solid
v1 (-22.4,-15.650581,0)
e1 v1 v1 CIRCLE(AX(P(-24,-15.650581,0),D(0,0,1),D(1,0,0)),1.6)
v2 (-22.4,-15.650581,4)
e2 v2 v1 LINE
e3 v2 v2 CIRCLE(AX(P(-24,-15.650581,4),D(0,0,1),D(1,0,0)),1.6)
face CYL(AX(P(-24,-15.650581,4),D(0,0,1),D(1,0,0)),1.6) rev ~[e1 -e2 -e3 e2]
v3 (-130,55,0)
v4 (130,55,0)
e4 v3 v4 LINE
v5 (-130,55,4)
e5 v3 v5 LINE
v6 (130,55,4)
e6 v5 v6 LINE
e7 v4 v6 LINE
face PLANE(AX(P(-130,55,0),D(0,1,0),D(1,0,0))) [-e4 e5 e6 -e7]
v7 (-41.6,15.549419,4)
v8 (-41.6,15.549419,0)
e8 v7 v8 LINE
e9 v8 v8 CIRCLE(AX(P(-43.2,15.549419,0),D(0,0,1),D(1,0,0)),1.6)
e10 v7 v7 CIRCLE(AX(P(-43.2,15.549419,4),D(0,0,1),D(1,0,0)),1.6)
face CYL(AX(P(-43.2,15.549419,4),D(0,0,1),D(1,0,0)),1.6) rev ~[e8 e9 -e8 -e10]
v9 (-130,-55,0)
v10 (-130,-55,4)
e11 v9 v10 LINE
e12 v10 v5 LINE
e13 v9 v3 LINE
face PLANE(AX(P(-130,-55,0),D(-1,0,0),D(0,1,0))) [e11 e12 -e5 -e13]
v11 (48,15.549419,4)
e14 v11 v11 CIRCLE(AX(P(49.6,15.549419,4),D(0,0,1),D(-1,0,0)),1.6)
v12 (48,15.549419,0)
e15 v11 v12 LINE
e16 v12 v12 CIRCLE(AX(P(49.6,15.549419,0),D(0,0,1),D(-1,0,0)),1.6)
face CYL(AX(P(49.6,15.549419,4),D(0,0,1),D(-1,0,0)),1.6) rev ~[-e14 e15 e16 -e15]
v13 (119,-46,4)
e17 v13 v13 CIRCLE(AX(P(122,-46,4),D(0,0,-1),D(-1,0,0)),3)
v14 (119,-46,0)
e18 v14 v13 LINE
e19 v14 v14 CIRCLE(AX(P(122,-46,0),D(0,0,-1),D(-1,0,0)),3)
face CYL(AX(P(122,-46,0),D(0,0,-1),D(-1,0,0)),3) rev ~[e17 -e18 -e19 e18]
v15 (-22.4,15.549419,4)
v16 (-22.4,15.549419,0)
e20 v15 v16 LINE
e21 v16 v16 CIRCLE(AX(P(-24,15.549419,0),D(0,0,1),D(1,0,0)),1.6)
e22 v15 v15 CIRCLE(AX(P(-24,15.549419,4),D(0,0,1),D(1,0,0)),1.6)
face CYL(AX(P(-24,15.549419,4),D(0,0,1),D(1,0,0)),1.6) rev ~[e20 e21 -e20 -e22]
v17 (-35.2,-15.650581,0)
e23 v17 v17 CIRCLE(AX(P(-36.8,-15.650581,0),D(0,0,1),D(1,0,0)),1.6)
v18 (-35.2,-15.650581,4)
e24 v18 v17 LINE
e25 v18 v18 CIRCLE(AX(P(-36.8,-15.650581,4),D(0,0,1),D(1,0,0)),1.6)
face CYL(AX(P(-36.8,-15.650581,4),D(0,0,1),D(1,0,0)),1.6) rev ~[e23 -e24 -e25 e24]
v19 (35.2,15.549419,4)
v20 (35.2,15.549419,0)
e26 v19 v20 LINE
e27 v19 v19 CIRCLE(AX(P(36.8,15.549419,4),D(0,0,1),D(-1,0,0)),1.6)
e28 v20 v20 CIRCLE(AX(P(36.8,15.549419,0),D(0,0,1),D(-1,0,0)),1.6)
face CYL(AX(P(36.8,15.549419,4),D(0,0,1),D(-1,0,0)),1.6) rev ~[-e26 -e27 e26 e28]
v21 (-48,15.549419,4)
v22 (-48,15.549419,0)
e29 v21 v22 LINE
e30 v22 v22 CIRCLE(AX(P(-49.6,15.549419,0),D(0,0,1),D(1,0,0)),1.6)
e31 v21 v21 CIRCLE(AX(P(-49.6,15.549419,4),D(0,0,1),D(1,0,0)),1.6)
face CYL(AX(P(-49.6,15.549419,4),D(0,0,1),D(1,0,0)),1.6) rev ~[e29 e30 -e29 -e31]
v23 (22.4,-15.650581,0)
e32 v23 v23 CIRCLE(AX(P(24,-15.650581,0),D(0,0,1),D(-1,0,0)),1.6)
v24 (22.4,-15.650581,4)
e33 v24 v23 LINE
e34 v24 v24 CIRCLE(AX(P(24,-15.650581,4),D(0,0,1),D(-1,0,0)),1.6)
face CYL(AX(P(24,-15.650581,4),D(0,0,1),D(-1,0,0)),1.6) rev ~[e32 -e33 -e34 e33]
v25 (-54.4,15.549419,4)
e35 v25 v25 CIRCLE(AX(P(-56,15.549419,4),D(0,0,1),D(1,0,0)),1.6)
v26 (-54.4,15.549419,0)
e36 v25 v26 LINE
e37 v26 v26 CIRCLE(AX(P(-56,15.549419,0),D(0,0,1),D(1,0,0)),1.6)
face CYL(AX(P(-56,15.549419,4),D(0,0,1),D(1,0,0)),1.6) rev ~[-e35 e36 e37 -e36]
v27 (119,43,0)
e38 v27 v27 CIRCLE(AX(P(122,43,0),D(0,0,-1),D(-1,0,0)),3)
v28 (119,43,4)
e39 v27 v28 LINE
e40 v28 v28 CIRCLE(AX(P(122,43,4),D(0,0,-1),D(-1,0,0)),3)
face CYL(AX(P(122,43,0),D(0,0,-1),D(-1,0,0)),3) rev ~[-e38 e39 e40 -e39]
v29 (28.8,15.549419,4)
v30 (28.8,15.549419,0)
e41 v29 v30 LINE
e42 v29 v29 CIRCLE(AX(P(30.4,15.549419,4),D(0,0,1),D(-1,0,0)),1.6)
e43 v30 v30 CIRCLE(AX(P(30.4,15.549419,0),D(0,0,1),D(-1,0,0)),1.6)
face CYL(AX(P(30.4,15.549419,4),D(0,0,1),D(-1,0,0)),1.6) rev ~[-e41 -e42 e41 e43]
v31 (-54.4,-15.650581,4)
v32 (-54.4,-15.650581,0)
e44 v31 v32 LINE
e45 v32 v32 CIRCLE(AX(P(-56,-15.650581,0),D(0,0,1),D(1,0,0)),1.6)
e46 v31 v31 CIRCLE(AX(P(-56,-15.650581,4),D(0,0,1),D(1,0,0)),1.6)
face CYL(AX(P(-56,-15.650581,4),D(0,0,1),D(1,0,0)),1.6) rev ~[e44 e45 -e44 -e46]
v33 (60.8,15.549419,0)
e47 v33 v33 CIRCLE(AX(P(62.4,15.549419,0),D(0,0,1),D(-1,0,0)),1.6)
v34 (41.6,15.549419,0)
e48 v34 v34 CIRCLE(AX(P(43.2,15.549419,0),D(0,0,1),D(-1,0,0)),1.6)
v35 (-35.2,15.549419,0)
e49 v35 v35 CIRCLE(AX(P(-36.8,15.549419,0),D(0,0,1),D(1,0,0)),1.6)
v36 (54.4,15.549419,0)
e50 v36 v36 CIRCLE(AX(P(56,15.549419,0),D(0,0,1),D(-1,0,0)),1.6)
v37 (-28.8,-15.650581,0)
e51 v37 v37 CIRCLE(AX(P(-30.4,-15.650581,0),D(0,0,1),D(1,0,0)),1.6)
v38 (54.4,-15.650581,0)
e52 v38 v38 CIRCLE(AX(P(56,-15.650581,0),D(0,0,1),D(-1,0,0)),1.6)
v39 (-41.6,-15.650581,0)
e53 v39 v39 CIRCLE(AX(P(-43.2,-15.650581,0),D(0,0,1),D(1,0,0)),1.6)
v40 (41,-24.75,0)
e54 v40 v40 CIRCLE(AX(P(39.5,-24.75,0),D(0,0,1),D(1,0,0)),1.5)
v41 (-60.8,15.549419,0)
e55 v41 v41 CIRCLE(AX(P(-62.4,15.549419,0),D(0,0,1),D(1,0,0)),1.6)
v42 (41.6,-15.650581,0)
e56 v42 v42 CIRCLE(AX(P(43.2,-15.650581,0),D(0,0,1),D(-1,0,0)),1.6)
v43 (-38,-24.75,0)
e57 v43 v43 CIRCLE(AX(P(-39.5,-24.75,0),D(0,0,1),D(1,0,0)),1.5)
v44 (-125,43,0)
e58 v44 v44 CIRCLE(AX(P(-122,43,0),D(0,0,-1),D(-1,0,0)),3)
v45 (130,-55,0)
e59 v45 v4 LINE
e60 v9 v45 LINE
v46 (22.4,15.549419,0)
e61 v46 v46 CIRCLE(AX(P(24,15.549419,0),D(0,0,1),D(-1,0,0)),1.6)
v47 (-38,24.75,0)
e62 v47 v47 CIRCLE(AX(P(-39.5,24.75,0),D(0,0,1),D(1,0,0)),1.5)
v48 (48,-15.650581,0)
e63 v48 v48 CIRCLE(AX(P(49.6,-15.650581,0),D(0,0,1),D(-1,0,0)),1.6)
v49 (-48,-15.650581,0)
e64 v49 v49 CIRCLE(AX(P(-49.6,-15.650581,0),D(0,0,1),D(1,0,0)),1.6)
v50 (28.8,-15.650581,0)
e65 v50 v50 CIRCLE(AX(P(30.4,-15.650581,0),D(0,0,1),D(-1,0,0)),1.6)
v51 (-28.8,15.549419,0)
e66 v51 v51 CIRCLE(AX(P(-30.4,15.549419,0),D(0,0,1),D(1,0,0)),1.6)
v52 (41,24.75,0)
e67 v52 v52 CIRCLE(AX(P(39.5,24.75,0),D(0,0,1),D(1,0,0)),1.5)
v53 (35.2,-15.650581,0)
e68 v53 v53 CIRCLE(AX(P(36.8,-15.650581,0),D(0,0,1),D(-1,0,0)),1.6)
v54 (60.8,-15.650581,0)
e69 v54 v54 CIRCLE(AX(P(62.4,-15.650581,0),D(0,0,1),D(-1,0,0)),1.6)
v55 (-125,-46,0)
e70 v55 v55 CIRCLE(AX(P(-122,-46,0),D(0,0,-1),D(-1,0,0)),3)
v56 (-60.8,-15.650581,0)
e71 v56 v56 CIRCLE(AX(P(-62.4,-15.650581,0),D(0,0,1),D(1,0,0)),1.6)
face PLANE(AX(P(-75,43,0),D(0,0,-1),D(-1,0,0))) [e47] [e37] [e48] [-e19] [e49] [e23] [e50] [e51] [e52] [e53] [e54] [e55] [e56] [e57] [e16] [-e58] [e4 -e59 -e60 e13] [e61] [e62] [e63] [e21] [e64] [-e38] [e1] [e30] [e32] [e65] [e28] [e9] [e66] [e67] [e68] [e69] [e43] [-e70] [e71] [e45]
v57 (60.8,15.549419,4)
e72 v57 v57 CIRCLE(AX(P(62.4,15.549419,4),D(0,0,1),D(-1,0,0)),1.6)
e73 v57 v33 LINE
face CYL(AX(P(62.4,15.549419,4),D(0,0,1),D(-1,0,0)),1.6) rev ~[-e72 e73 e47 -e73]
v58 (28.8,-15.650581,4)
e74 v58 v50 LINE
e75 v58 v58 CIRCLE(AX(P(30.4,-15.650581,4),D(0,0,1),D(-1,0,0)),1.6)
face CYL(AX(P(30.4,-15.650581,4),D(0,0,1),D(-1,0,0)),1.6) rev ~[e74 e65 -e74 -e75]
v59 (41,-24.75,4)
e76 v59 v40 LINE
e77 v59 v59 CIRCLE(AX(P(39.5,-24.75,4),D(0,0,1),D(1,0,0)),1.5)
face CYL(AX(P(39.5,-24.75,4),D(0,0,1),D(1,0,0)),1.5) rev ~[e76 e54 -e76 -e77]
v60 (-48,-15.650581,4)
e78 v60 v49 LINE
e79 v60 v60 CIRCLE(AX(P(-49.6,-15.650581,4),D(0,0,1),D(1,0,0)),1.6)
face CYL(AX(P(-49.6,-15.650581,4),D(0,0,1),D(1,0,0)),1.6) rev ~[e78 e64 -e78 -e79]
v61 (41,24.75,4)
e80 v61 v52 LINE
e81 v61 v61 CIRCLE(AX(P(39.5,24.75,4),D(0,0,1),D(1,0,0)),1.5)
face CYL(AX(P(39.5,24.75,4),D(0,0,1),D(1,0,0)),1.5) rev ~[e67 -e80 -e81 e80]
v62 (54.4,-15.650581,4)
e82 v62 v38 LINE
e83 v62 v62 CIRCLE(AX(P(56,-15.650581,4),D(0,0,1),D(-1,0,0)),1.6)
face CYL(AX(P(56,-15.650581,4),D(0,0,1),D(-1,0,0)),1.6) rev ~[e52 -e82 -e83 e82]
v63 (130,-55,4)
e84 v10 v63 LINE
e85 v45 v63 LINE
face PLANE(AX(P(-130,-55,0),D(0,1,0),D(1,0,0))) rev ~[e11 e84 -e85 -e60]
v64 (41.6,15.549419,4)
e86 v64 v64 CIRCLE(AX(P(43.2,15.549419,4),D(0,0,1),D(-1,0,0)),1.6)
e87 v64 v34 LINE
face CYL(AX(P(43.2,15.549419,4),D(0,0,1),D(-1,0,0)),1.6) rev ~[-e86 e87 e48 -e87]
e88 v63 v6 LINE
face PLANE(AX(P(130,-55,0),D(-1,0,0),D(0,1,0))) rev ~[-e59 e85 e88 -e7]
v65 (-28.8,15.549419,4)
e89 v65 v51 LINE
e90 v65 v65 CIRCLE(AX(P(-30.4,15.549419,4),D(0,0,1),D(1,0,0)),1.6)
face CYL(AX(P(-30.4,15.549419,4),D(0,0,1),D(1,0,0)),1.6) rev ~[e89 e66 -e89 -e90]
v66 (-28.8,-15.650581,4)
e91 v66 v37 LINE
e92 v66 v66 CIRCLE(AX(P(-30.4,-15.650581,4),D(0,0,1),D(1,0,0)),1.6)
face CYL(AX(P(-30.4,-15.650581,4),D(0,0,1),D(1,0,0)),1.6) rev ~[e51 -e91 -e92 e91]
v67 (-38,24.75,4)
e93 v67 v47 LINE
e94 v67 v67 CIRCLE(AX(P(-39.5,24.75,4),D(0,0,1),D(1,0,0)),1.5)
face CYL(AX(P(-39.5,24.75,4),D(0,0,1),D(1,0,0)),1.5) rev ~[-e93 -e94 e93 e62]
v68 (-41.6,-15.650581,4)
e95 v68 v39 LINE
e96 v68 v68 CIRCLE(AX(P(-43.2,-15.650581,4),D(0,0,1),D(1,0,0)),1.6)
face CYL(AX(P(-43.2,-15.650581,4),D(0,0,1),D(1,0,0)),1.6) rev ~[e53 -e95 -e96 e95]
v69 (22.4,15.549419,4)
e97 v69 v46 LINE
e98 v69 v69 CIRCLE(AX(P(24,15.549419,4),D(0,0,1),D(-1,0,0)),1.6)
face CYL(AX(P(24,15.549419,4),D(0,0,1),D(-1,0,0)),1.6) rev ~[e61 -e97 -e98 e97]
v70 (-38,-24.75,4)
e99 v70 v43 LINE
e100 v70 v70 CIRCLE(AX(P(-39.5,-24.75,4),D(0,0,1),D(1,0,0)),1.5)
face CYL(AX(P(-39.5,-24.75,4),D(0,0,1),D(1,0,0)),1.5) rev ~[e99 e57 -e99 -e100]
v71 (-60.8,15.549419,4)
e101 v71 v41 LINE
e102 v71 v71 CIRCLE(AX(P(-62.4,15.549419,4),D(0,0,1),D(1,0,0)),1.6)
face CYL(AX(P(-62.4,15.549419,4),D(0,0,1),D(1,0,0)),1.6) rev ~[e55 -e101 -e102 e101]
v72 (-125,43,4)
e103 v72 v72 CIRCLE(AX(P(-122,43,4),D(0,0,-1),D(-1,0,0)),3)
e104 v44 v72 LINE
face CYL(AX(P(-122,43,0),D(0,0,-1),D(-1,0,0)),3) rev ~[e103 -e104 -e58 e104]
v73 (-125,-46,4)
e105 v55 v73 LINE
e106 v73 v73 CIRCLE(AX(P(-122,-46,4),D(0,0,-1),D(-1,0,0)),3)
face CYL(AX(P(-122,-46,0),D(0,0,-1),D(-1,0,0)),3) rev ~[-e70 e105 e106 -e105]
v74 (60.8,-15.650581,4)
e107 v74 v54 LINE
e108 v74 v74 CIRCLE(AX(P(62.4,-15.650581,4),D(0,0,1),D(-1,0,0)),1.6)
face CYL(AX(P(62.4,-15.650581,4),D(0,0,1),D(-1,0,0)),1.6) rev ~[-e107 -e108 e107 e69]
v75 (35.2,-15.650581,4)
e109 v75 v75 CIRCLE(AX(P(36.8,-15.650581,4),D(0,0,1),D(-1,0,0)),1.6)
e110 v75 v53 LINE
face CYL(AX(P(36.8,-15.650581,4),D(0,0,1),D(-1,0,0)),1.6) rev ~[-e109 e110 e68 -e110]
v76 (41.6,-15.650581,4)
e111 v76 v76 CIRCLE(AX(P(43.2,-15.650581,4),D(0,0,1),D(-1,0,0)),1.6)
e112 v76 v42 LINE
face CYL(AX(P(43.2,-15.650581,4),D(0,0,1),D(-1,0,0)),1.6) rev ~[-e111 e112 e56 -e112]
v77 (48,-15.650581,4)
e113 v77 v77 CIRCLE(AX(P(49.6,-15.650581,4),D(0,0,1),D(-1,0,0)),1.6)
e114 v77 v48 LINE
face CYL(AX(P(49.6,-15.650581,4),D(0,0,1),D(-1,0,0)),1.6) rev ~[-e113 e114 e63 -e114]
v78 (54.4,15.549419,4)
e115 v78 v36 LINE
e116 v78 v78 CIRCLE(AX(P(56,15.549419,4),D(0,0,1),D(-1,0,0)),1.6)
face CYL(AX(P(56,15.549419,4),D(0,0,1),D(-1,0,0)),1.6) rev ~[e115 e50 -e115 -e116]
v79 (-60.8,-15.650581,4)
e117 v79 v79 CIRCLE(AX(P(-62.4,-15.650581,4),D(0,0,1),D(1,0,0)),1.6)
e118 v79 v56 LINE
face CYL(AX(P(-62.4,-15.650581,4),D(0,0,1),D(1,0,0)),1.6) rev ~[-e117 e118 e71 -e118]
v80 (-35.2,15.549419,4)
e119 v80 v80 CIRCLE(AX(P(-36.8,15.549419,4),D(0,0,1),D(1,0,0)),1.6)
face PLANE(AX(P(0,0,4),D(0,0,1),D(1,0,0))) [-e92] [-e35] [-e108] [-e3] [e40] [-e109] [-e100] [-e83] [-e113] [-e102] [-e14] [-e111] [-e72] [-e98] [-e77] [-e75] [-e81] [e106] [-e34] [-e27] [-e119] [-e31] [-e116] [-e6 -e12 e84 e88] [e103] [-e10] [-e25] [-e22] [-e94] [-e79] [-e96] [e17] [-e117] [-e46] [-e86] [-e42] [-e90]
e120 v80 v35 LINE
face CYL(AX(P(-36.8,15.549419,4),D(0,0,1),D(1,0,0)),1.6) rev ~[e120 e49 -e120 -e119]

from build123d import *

# Parameters (mm, degrees)
SKETCH1_W           = 260
SKETCH1_H           = 110
BOSS_EXTRUDE1_DEPTH = 4
SKETCH2_R           = 3
CUT_EXTRUDE1_DEPTH  = 142.21260567
SKETCH5_R           = 1.5
CUT_EXTRUDE3_DEPTH  = 142.21260567
SKETCH6_R           = 1.6
CUT_EXTRUDE4_DEPTH  = 142.21260567
SKETCH7_R           = 3
BOSS_EXTRUDE2_DEPTH = 4


with BuildPart() as part:
    # Sketch1 → Boss-Extrude1 (new body)
    with BuildSketch(Plane.XY):
        Rectangle(SKETCH1_W, SKETCH1_H)
    extrude(amount=BOSS_EXTRUDE1_DEPTH)

    # Sketch2 → Cut-Extrude1 (cut, through all)
    with BuildSketch(Plane(origin=(0, 0, 0), x_dir=(-1, 0, 0), z_dir=(0, 0, -1))):
        with Locations((-122, 43)):
            Circle(SKETCH2_R)
        with Locations((122, 43)):
            Circle(SKETCH2_R)
        with Locations((75, 43)):
            Circle(SKETCH2_R)
        with Locations((122, -46)):
            Circle(SKETCH2_R)
        with Locations((-75, 43)):
            Circle(SKETCH2_R)
        with Locations((-122, -46)):
            Circle(SKETCH2_R)
    extrude(amount=-CUT_EXTRUDE1_DEPTH, mode=Mode.SUBTRACT)

    # Sketch5 → Cut-Extrude3 (cut, through all)
    with BuildSketch(Plane.XY.offset(4)):
        with Locations((-39.5, 24.75)):
            Circle(SKETCH5_R)
        with Locations((39.5, 24.75)):
            Circle(SKETCH5_R)
        with Locations((39.5, -24.75)):
            Circle(SKETCH5_R)
        with Locations((-39.5, -24.75)):
            Circle(SKETCH5_R)
    extrude(amount=-CUT_EXTRUDE3_DEPTH, mode=Mode.SUBTRACT)

    # Sketch6 → Cut-Extrude4 (cut, through all)
    with BuildSketch(Plane.XY.offset(4)):
        with Locations((-24, 15.549418684)):
            Circle(SKETCH6_R)
        with Locations((-30.4, 15.549418684)):
            Circle(SKETCH6_R)
        with Locations((-36.8, 15.549418684)):
            Circle(SKETCH6_R)
        with Locations((-43.2, 15.549418684)):
            Circle(SKETCH6_R)
        with Locations((-49.6, 15.549418684)):
            Circle(SKETCH6_R)
        with Locations((-56, 15.549418684)):
            Circle(SKETCH6_R)
        with Locations((-62.4, 15.549418684)):
            Circle(SKETCH6_R)
        with Locations((-62.4, -15.650581316)):
            Circle(SKETCH6_R)
        with Locations((-56, -15.650581316)):
            Circle(SKETCH6_R)
        with Locations((-49.6, -15.650581316)):
            Circle(SKETCH6_R)
        with Locations((-43.2, -15.650581316)):
            Circle(SKETCH6_R)
        with Locations((-36.8, -15.650581316)):
            Circle(SKETCH6_R)
        with Locations((-30.4, -15.650581316)):
            Circle(SKETCH6_R)
        with Locations((-24, -15.650581316)):
            Circle(SKETCH6_R)
        with Locations(Location((24, -15.650581316, 0), (0, 0, 180))):
            Circle(SKETCH6_R)
        with Locations(Location((30.4, -15.650581316, 0), (0, 0, 180))):
            Circle(SKETCH6_R)
        with Locations(Location((36.8, -15.650581316, 0), (0, 0, 180))):
            Circle(SKETCH6_R)
        with Locations(Location((43.2, -15.650581316, 0), (0, 0, 180))):
            Circle(SKETCH6_R)
        with Locations(Location((49.6, -15.650581316, 0), (0, 0, 180))):
            Circle(SKETCH6_R)
        with Locations(Location((56, -15.650581316, 0), (0, 0, 180))):
            Circle(SKETCH6_R)
        with Locations(Location((62.4, -15.650581316, 0), (0, 0, 180))):
            Circle(SKETCH6_R)
        with Locations(Location((62.4, 15.549418684, 0), (0, 0, 180))):
            Circle(SKETCH6_R)
        with Locations(Location((56, 15.549418684, 0), (0, 0, 180))):
            Circle(SKETCH6_R)
        with Locations(Location((49.6, 15.549418684, 0), (0, 0, 180))):
            Circle(SKETCH6_R)
        with Locations(Location((43.2, 15.549418684, 0), (0, 0, 180))):
            Circle(SKETCH6_R)
        with Locations(Location((36.8, 15.549418684, 0), (0, 0, 180))):
            Circle(SKETCH6_R)
        with Locations(Location((30.4, 15.549418684, 0), (0, 0, 180))):
            Circle(SKETCH6_R)
        with Locations(Location((24, 15.549418684, 0), (0, 0, 180))):
            Circle(SKETCH6_R)
    extrude(amount=-CUT_EXTRUDE4_DEPTH, mode=Mode.SUBTRACT)

    # Sketch7 → Boss-Extrude2 (add)
    with BuildSketch(Plane(origin=(0, 0, 0), x_dir=(-1, 0, 0), z_dir=(0, 0, -1))):
        with Locations((75, 43)):
            Circle(SKETCH7_R)
        with Locations((-75, 43)):
            Circle(SKETCH7_R)
    extrude(amount=-BOSS_EXTRUDE2_DEPTH)


solid = part.part
